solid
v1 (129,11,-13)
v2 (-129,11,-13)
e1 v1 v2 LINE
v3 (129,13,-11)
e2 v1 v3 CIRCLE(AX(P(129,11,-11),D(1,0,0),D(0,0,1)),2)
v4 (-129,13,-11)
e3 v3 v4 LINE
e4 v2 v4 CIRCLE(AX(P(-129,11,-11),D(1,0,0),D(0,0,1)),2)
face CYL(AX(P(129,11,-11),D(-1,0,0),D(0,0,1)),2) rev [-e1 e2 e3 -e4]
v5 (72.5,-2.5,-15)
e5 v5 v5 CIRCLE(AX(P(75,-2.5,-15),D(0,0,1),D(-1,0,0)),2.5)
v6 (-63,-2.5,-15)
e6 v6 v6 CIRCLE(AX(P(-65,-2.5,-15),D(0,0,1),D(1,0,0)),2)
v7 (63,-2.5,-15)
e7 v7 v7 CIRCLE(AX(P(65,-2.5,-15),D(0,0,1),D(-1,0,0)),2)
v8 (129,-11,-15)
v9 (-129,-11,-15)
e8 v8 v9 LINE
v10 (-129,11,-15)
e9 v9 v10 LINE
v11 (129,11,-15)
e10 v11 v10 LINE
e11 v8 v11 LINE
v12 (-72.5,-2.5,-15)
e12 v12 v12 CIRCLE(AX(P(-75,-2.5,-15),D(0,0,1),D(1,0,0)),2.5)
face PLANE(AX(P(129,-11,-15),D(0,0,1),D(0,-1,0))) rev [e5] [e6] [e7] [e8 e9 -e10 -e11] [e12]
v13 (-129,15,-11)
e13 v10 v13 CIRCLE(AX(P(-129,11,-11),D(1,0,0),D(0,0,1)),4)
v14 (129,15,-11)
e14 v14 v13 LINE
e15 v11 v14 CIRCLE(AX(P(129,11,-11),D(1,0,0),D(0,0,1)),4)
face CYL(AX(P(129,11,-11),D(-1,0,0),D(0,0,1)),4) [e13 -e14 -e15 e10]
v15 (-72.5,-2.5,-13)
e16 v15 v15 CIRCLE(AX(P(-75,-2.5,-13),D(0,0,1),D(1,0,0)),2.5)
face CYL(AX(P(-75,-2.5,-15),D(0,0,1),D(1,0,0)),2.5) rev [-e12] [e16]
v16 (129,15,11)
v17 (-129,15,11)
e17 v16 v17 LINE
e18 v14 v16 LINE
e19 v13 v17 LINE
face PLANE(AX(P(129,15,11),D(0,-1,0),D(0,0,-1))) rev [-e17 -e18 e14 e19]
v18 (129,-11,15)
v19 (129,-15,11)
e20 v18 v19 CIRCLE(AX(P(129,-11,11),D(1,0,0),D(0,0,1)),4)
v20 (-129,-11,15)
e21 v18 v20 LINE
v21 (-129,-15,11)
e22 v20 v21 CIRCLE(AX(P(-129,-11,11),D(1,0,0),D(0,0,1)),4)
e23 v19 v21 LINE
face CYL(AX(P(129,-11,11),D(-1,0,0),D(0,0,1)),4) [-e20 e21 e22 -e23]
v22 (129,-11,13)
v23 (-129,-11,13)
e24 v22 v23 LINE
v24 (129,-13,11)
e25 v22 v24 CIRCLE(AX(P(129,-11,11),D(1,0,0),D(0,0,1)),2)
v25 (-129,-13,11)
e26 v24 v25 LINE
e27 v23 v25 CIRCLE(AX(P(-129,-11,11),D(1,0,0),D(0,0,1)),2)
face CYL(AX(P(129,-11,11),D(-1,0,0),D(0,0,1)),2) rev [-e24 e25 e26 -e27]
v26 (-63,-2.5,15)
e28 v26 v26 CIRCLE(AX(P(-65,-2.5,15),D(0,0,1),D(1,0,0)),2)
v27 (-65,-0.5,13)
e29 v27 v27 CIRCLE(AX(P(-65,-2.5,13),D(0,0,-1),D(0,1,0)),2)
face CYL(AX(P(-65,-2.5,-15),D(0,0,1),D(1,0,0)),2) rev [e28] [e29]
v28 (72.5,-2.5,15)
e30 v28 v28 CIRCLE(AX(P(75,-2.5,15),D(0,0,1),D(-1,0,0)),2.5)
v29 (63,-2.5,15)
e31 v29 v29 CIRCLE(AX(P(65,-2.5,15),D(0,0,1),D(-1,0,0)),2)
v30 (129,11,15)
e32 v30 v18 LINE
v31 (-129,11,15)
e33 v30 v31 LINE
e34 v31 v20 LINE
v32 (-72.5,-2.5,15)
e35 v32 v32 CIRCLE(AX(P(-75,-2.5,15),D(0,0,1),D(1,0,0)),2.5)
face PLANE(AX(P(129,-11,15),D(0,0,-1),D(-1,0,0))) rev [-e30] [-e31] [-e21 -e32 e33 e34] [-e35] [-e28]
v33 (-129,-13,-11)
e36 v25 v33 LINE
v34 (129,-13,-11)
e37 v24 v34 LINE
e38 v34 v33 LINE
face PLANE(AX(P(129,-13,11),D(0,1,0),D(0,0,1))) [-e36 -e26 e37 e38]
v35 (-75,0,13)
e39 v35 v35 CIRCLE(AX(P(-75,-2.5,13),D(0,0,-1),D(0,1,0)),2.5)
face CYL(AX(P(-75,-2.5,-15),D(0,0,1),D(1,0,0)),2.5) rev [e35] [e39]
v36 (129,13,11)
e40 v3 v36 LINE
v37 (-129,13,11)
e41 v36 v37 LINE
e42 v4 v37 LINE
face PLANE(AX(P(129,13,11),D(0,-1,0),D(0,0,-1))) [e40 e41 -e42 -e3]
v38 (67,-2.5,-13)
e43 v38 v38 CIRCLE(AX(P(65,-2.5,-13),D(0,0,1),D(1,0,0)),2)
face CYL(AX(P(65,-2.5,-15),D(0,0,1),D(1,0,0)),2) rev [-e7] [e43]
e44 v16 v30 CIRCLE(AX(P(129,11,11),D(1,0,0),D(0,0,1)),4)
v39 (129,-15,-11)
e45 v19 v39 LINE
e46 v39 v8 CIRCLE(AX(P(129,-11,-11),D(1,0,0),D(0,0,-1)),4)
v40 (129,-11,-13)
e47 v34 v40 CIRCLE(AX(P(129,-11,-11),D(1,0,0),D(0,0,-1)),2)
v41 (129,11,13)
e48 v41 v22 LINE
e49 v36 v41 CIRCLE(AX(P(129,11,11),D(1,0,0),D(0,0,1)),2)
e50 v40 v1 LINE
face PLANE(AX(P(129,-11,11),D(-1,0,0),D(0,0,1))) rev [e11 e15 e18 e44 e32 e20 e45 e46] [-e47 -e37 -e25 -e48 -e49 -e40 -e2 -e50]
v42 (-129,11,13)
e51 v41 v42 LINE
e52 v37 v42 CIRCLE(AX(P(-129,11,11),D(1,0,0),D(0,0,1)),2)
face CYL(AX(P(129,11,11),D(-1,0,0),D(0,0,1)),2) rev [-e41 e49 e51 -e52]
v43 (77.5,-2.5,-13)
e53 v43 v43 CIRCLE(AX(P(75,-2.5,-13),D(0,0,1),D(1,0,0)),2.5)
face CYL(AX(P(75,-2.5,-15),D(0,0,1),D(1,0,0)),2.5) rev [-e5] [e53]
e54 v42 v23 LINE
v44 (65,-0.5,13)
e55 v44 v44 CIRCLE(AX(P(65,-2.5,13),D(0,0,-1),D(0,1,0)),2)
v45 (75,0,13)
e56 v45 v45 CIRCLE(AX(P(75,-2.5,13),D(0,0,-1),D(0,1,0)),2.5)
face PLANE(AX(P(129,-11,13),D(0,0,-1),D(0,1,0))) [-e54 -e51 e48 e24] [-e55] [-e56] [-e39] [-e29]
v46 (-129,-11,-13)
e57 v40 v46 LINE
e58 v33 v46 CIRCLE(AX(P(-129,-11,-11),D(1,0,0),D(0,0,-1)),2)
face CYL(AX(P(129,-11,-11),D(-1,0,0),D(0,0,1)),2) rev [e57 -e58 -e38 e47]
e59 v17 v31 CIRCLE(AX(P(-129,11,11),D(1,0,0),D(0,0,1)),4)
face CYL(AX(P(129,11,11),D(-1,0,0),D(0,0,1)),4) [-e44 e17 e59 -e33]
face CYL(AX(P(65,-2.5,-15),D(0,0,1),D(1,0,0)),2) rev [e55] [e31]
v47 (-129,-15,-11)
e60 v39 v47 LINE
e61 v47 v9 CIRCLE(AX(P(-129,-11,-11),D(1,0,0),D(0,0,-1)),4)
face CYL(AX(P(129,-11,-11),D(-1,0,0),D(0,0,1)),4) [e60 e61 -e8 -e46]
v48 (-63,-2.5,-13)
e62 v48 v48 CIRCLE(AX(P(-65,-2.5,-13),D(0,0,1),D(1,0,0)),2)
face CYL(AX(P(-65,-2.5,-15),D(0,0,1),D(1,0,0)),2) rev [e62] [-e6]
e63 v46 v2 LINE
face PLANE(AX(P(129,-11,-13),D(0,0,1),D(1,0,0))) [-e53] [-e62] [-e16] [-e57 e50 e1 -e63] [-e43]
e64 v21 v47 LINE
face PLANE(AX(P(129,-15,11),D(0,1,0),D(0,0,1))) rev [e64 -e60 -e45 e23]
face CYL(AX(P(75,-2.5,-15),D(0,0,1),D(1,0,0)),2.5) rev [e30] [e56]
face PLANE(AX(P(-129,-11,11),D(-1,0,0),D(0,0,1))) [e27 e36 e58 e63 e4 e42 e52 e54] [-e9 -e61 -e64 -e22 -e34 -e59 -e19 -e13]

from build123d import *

# Parameters (mm, degrees)
EXTRUDE_1_DEPTH          = 129
CUT_EXTRUDE_1_DEPTH      = 131.732551417
CUT_EXTRUDE_1_DEPTH_BACK = 131.732551417
SKETCH_2_R               = 2.5
SKETCH_2_R_2             = 2


with BuildPart() as part:
    # 草图1 → 凸台-拉伸1 (new, symmetric)
    with BuildSketch(Plane(origin=(0, 0, 0), x_dir=(0, 0, -1), z_dir=(1, 0, 0))):
        with BuildLine():
            Line((-11, -15), (11, -15))
            ThreePointArc((11, -15), (13.828427125, -13.828427125), (15, -11))
            Line((15, -11), (15, 11))
            ThreePointArc((15, 11), (13.828427125, 13.828427125), (11, 15))
            Line((11, 15), (-11, 15))
            ThreePointArc((-11, 15), (-13.828427125, 13.828427125), (-15, 11))
            Line((-15, 11), (-15, -11))
            ThreePointArc((-15, -11), (-13.828427125, -13.828427125), (-11, -15))
        make_face()
        with BuildLine():
            Line((-11, -13), (11, -13))
            ThreePointArc((11, -13), (12.414213562, -12.414213562), (13, -11))
            Line((13, -11), (13, 11))
            ThreePointArc((13, 11), (12.414213562, 12.414213562), (11, 13))
            Line((11, 13), (-11, 13))
            ThreePointArc((-11, 13), (-12.414213562, 12.414213562), (-13, 11))
            Line((-13, 11), (-13, -11))
            ThreePointArc((-13, -11), (-12.414213562, -12.414213562), (-11, -13))
        make_face(mode=Mode.SUBTRACT)
    extrude(amount=EXTRUDE_1_DEPTH, both=True)

    # 草图2 → 切除-拉伸1 (cut, two sides: drawn at the far end of the back side and taken through both)
    with BuildSketch(Plane.XY.offset(-CUT_EXTRUDE_1_DEPTH_BACK)):
        with Locations((-75, -2.5)):
            Circle(SKETCH_2_R)
        with Locations(Location((75, -2.5, 0), (0, 0, 90))):
            Circle(SKETCH_2_R)
        with Locations((-65, -2.5)):
            Circle(SKETCH_2_R_2)
        with Locations(Location((65, -2.5, 0), (0, 0, 90))):
            Circle(SKETCH_2_R_2)
    extrude(amount=CUT_EXTRUDE_1_DEPTH + CUT_EXTRUDE_1_DEPTH_BACK, mode=Mode.SUBTRACT)


solid = part.part
